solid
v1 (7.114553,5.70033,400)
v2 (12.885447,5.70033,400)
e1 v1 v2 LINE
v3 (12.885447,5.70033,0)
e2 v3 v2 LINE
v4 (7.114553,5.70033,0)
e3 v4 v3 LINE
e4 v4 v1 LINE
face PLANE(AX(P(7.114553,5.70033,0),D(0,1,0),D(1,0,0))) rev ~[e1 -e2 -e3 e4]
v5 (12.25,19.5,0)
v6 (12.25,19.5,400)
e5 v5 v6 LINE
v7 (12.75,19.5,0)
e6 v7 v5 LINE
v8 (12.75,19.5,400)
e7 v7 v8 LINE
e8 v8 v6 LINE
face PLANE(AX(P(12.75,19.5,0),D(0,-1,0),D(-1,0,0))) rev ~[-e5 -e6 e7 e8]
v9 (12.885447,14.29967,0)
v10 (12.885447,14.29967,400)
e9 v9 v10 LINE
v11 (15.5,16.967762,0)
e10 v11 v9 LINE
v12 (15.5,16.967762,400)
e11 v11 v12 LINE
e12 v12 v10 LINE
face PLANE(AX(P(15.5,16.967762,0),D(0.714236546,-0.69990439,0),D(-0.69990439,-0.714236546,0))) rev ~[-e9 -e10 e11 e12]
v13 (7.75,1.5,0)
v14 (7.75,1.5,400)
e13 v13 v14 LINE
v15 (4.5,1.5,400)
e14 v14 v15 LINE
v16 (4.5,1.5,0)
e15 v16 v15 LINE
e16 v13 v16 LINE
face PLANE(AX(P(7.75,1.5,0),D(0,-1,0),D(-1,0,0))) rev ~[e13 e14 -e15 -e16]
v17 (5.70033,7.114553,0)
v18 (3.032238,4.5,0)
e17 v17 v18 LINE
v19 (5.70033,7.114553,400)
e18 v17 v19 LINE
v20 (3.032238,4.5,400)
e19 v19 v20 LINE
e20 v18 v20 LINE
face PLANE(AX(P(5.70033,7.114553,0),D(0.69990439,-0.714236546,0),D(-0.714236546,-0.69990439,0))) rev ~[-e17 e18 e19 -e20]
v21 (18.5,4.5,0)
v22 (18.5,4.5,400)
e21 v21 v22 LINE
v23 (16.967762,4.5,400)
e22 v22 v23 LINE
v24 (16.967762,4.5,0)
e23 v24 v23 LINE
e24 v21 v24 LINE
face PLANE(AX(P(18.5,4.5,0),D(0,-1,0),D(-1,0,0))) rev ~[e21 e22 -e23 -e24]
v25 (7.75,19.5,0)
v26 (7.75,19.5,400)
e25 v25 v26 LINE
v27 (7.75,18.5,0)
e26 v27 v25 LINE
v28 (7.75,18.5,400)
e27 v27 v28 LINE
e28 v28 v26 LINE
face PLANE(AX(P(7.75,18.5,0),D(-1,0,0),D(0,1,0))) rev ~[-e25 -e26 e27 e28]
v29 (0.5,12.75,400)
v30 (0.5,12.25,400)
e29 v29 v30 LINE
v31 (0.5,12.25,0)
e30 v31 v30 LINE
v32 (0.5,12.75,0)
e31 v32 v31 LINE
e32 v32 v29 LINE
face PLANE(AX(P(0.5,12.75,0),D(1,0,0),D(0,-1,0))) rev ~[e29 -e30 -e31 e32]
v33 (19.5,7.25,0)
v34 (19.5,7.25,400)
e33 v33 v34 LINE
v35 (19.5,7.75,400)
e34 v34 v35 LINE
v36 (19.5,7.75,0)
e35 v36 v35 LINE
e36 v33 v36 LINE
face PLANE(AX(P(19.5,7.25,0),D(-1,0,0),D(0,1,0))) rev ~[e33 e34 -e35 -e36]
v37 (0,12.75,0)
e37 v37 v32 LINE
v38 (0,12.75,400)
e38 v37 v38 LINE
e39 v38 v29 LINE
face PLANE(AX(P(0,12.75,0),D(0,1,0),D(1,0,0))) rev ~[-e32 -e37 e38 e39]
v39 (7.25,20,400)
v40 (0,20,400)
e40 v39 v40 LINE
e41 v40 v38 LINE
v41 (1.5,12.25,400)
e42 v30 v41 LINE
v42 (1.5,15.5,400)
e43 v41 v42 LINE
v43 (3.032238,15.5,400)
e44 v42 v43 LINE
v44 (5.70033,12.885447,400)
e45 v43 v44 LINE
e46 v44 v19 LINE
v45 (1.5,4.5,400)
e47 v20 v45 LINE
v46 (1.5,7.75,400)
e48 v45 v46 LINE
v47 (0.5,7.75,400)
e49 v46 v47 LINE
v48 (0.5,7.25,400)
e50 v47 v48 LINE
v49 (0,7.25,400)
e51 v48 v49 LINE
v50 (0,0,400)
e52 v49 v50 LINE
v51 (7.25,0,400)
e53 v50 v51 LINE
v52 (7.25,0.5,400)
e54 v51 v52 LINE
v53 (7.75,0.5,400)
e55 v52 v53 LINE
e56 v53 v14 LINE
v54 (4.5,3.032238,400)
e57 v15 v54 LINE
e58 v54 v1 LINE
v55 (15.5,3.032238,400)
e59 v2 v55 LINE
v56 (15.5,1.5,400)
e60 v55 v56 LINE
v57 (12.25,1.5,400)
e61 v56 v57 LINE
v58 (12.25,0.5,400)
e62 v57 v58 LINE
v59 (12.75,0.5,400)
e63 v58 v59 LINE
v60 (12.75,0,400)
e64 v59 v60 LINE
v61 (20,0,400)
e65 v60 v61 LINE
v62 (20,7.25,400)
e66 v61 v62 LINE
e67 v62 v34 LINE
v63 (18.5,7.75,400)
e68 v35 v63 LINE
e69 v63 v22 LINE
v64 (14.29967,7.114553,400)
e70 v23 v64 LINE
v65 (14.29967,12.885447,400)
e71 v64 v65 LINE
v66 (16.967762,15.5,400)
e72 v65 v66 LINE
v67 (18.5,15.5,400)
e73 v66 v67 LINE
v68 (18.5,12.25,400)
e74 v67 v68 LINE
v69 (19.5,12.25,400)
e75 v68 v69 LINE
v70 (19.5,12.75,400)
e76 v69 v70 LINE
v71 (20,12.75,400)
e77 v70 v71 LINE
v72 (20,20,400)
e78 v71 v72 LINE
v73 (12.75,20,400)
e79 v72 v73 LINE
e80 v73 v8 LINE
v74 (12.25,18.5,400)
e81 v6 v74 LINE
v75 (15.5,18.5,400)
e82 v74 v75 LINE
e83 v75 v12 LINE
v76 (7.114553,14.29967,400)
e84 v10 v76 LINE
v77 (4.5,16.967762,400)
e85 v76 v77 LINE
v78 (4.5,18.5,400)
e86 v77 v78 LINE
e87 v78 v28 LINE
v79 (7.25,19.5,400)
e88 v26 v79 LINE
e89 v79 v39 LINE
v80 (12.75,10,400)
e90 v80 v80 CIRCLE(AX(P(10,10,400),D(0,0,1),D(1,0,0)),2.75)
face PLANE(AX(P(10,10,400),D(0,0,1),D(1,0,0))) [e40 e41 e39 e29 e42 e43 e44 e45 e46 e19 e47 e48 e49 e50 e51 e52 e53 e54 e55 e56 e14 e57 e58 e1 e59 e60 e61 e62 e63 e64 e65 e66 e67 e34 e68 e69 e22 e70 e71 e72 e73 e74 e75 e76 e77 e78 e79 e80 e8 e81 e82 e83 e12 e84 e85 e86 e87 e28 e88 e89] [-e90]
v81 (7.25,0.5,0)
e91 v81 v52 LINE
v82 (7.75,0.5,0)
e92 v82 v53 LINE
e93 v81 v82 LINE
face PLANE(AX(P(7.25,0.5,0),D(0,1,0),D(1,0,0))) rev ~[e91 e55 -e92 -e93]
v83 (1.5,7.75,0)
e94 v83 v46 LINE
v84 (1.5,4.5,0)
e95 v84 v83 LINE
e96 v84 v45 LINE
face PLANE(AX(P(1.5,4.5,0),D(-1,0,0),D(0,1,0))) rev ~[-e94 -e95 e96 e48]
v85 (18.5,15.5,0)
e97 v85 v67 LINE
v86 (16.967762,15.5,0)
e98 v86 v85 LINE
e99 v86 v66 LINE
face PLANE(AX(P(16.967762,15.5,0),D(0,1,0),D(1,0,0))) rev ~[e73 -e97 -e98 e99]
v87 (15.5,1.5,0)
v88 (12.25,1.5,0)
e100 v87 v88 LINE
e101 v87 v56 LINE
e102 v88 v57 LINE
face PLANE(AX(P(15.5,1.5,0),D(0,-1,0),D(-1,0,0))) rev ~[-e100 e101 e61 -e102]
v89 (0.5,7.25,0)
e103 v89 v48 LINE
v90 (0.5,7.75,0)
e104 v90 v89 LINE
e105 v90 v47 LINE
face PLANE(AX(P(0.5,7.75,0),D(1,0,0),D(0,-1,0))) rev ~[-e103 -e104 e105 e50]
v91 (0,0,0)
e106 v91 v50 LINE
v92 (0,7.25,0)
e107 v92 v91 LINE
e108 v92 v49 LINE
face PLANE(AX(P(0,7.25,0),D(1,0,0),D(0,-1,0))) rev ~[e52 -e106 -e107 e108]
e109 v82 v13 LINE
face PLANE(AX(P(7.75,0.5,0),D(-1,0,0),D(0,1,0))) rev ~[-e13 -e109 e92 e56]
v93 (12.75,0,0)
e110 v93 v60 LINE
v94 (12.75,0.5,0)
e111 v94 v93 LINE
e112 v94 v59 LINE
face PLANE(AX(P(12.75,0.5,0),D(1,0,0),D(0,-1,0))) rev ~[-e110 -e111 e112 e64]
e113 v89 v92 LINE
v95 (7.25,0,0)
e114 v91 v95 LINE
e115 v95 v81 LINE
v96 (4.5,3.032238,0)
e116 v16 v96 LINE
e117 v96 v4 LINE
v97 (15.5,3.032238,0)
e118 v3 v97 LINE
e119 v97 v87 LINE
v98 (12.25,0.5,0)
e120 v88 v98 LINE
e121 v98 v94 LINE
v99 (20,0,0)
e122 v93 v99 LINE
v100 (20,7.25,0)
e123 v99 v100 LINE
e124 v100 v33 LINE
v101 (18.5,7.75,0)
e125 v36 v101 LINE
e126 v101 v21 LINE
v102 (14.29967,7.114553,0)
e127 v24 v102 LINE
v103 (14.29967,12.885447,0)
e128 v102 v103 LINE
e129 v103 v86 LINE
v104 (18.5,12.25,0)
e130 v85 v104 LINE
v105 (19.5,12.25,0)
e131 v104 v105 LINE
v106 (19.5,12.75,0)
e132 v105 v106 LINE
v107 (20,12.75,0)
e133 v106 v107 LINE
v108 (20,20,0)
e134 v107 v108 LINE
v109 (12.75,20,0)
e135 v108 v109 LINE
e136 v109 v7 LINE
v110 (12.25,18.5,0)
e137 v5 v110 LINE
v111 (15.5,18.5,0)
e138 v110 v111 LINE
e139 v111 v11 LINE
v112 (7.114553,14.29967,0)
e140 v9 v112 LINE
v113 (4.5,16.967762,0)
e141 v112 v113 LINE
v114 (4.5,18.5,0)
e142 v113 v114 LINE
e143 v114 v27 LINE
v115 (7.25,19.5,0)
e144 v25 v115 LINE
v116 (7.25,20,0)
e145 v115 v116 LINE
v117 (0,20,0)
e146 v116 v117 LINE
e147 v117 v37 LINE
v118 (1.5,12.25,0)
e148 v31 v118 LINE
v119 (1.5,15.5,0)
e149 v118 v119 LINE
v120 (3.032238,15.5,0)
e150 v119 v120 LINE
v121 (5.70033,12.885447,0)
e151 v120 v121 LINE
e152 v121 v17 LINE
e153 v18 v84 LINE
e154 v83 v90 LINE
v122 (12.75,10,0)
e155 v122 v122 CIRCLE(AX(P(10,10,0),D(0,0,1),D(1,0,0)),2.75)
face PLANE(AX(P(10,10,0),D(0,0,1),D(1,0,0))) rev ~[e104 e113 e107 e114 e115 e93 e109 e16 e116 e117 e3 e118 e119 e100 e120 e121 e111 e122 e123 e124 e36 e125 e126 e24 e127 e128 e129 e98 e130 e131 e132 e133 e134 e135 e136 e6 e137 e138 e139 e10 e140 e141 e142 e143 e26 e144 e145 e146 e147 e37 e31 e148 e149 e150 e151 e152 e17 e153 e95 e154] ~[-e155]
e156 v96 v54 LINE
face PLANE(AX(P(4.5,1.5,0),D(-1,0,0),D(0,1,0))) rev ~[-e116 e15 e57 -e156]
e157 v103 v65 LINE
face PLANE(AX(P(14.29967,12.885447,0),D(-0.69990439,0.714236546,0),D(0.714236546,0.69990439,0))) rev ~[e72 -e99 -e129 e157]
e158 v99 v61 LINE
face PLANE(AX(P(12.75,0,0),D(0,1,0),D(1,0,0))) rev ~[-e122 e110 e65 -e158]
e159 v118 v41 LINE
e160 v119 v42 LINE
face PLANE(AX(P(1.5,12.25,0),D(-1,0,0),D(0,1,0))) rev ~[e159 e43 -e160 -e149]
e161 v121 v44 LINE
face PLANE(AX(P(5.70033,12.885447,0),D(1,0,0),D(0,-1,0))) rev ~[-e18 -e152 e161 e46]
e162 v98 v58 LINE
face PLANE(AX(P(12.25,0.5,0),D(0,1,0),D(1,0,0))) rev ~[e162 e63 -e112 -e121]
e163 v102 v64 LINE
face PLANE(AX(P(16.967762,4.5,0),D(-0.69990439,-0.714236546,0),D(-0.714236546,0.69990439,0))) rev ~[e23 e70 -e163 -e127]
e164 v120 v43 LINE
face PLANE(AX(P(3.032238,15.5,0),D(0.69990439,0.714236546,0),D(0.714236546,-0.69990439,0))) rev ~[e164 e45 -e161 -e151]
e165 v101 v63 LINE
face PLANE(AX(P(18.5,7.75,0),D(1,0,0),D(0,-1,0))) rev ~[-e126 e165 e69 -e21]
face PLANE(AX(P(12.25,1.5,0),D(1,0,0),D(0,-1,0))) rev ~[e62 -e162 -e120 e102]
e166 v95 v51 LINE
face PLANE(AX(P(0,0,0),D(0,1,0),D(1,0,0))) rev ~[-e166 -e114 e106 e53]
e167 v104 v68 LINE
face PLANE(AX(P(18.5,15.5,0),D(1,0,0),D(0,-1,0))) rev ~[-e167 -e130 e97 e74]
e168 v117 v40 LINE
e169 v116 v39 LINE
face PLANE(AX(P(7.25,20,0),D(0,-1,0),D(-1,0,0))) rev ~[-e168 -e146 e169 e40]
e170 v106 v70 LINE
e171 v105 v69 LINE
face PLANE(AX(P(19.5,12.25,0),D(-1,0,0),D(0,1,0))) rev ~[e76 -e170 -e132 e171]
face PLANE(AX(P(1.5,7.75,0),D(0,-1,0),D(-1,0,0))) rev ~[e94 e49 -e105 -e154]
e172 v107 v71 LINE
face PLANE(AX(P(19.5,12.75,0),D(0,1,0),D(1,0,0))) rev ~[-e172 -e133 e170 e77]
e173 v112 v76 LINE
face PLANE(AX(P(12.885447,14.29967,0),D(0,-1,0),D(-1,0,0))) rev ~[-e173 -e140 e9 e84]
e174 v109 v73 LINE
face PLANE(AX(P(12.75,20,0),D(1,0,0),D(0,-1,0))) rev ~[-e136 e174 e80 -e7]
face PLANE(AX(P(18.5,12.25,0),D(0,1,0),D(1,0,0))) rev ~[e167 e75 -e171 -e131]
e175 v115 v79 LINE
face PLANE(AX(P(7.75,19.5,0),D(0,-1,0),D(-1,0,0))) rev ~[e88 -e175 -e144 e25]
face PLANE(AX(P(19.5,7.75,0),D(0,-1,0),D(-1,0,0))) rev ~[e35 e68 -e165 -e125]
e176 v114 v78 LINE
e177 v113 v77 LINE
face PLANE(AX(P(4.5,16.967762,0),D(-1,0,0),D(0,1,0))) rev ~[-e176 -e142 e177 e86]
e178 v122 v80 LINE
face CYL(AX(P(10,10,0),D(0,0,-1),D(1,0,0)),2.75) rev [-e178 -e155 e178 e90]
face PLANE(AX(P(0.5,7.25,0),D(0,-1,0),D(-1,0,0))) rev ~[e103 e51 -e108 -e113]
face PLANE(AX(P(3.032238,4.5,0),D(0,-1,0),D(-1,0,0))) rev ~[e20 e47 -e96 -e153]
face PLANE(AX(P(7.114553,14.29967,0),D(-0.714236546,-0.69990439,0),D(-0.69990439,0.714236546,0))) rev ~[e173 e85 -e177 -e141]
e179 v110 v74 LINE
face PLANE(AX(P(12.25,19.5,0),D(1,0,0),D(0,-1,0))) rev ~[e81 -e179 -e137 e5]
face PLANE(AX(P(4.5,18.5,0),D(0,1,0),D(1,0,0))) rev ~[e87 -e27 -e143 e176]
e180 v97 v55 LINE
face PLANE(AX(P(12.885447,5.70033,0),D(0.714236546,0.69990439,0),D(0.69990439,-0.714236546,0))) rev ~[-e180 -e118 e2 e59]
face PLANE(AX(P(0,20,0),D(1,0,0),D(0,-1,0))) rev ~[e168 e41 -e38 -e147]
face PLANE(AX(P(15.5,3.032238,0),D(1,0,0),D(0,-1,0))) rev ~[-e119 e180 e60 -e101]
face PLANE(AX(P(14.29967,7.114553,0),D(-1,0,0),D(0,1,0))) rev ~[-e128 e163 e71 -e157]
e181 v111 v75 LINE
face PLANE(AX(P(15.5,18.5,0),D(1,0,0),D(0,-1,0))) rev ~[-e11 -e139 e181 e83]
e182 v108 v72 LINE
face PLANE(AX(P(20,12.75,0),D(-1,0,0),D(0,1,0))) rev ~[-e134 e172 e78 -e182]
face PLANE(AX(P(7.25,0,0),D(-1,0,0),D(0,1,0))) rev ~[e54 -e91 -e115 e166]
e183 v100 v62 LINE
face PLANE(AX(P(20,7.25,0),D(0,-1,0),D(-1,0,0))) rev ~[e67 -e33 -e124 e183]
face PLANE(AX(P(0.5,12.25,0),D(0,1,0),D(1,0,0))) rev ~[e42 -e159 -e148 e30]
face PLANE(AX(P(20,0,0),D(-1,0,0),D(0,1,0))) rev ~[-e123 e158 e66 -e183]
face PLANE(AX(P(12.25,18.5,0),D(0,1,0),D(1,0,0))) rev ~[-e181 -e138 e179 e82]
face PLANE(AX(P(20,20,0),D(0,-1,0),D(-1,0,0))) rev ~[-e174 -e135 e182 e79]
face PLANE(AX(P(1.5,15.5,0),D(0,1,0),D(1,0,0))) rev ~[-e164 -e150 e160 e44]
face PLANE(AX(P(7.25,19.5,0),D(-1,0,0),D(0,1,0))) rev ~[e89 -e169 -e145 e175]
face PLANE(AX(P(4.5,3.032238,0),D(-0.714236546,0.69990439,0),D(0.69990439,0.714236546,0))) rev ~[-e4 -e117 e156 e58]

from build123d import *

# Parameters (mm, degrees)
F0_R     = 2.75
F1_DEPTH = 400


with BuildPart() as f1:
    # F0 (on Top) → F1 (new body)
    with BuildSketch(Plane.XY):
        Polygon((0, 7.25), (0, 0), (7.25, 0), (7.25, 0.5), (7.75, 0.5), (7.75, 1.5), (4.5, 1.5), (4.5, 3.032238), (7.114553, 5.70033), (10, 5.70033), (12.885447, 5.70033), (15.5, 3.032238), (15.5, 1.5), (12.25, 1.5), (12.25, 0.5), (12.75, 0.5), (12.75, 0), (20, 0), (20, 7.25), (19.5, 7.25), (19.5, 7.75), (18.5, 7.75), (18.5, 4.5), (16.967762, 4.5), (14.29967, 7.114553), (14.29967, 10), (14.29967, 12.885447), (16.967762, 15.5), (18.5, 15.5), (18.5, 12.25), (19.5, 12.25), (19.5, 12.75), (20, 12.75), (20, 20), (12.75, 20), (12.75, 19.5), (12.25, 19.5), (12.25, 18.5), (15.5, 18.5), (15.5, 16.967762), (12.885447, 14.29967), (10, 14.29967), (7.114553, 14.29967), (4.5, 16.967762), (4.5, 18.5), (7.75, 18.5), (7.75, 19.5), (7.25, 19.5), (7.25, 20), (0, 20), (0, 12.75), (0.5, 12.75), (0.5, 12.25), (1.5, 12.25), (1.5, 15.5), (3.032238, 15.5), (5.70033, 12.885447), (5.70033, 10), (5.70033, 7.114553), (3.032238, 4.5), (1.5, 4.5), (1.5, 7.75), (0.5, 7.75), (0.5, 7.25), align=None)
        with Locations((10, 10)):
            Circle(F0_R, mode=Mode.SUBTRACT)
    extrude(amount=F1_DEPTH)


solid = f1.part
